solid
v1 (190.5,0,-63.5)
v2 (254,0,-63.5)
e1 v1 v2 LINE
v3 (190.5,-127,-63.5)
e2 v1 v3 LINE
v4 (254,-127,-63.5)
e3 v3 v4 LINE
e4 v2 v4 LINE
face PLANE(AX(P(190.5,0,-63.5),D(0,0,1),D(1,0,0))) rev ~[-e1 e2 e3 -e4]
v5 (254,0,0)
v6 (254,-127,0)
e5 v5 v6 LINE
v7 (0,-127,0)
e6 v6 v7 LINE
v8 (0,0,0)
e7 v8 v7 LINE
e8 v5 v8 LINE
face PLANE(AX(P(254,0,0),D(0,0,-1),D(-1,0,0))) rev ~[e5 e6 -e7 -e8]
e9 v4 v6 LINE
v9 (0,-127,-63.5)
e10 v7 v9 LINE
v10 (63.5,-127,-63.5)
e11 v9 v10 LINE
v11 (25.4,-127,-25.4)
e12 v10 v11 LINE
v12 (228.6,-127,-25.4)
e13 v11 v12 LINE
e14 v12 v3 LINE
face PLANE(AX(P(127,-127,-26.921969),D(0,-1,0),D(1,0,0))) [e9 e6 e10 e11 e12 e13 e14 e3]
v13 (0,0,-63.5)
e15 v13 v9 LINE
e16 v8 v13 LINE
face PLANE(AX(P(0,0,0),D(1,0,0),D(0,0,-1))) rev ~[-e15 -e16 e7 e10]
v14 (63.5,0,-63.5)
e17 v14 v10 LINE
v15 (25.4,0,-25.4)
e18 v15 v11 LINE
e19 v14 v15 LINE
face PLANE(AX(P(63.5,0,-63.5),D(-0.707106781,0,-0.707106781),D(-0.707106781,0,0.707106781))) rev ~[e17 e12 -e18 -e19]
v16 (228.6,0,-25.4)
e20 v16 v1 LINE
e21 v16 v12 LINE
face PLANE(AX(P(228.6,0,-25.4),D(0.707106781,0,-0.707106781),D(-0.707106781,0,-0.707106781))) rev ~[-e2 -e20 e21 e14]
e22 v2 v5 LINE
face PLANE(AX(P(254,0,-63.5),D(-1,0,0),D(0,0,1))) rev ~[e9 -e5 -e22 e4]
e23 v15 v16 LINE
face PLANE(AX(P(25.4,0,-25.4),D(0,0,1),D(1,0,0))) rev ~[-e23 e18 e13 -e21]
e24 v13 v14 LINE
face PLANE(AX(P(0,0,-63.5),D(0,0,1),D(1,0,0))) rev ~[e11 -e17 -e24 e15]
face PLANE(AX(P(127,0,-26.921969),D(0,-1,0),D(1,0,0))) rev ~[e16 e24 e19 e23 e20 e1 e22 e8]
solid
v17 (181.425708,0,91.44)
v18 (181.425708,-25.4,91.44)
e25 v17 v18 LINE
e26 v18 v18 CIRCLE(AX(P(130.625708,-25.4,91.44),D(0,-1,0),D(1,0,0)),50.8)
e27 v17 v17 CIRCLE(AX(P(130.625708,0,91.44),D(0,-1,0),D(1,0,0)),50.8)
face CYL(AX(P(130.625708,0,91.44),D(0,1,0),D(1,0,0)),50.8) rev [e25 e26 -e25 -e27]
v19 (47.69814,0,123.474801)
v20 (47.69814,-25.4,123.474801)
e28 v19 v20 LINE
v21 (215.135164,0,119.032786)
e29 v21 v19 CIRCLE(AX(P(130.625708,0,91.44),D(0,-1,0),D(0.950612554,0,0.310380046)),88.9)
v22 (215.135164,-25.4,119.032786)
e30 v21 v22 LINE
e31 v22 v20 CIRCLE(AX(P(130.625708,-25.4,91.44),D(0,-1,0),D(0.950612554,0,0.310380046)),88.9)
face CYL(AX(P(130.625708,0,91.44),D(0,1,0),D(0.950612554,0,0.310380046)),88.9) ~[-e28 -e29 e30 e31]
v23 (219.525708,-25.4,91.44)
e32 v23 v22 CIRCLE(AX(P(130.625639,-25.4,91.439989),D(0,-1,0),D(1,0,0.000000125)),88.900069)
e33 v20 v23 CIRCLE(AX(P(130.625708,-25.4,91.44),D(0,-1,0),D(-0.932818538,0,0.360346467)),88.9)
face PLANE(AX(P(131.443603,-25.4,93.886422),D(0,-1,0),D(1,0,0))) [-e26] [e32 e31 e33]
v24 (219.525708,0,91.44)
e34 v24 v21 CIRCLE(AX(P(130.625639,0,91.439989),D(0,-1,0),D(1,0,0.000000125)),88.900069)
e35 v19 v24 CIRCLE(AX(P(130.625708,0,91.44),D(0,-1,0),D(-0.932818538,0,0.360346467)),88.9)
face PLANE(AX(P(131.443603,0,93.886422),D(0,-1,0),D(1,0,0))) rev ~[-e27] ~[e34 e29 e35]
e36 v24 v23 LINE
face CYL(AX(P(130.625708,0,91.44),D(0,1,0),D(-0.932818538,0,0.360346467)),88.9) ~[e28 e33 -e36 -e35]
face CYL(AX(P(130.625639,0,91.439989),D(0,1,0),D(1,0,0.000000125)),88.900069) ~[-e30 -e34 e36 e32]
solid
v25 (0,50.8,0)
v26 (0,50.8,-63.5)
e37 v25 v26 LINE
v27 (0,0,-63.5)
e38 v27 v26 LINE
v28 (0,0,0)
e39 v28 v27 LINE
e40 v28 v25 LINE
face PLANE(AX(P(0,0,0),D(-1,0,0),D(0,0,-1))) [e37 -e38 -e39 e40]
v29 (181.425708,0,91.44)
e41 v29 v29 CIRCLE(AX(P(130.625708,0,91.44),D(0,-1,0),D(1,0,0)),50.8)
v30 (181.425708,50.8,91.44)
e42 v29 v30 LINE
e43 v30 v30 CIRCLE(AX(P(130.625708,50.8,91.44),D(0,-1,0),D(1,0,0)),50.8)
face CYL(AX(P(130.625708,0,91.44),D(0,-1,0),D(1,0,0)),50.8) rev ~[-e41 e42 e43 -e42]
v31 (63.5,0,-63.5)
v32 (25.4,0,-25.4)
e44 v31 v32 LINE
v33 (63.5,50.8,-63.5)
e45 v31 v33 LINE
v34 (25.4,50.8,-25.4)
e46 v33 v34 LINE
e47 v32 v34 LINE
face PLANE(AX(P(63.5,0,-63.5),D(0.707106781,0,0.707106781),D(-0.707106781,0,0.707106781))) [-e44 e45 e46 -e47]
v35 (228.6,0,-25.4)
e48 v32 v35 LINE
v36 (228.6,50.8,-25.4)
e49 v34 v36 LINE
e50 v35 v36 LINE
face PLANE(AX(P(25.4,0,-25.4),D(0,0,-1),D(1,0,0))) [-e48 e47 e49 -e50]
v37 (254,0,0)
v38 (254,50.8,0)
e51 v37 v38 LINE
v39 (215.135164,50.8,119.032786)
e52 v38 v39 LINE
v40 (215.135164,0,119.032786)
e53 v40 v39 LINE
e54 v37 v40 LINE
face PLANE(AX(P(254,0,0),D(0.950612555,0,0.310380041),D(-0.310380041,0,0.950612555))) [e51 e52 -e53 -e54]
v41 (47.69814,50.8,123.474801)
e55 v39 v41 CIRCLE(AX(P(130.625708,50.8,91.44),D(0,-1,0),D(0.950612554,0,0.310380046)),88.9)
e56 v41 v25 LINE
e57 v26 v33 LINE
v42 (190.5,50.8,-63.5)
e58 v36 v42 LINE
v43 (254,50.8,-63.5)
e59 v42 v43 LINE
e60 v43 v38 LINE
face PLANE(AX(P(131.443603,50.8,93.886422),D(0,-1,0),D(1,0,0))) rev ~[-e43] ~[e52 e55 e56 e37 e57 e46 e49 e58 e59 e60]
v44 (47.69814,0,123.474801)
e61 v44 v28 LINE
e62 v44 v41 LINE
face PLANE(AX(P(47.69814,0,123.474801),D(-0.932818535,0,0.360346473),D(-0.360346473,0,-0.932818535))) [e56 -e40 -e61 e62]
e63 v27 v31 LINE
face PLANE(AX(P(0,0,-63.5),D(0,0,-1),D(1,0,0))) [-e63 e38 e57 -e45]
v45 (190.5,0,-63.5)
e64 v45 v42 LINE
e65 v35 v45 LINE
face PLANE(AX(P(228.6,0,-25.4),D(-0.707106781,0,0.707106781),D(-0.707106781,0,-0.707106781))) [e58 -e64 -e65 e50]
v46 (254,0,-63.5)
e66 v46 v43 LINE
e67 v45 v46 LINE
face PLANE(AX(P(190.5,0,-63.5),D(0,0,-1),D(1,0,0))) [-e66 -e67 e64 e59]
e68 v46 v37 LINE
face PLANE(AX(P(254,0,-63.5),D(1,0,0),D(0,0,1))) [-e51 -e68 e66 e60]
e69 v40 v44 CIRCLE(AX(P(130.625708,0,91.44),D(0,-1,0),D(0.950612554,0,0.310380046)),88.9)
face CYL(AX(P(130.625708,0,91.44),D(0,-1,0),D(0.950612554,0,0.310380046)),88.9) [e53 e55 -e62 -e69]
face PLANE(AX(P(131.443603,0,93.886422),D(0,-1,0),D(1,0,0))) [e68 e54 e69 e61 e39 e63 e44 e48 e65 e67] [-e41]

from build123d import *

# Parameters (mm, degrees)
F1_DEPTH = 127
F0_R     = 50.8
F2_DEPTH = 25.4
F3_DEPTH = 50.8


with BuildPart() as f1:
    # F0 (on Front) → F1 (new body)
    with BuildSketch(Plane.XZ):
        Polygon((254, 0), (0, 0), (0, -63.5), (63.5, -63.5), (25.4, -25.4), (63.5, -25.4), (190.5, -25.4), (228.6, -25.4), (190.5, -63.5), (254, -63.5), align=None)
    extrude(amount=F1_DEPTH)


with BuildPart() as f2:
    # F0 (on Front) → F2 (new body)
    with BuildSketch(Plane.XZ):
        with BuildLine():
            ThreePointArc((215.135164, 119.032786), (132.983348, 180.308732), (47.69814, 123.474801))
            ThreePointArc((47.69814, 123.474801), (114.332316, 4.045862), (219.525708, 91.44))
            ThreePointArc((219.525708, 91.44), (218.42121, 105.409956), (215.135164, 119.032786))
        make_face()
        with Locations((130.625708, 91.44)):
            Circle(F0_R, mode=Mode.SUBTRACT)
    extrude(amount=F2_DEPTH)


with BuildPart() as f3:
    # F0 (on Front) → F3 (new body)
    with BuildSketch(Plane.XZ):
        with BuildLine():
            ThreePointArc((215.135164, 119.032786), (132.983348, 180.308732), (47.69814, 123.474801))
            ThreePointArc((47.69814, 123.474801), (114.332316, 4.045862), (219.525708, 91.44))
            ThreePointArc((219.525708, 91.44), (218.42121, 105.409956), (215.135164, 119.032786))
        make_face()
        with Locations((130.625708, 91.44)):
            Circle(F0_R, mode=Mode.SUBTRACT)
        with BuildLine():
            Line((47.69814, 123.474801), (0, 0))
            Line((0, 0), (254, 0))
            Line((254, 0), (215.135164, 119.032786))
            ThreePointArc((215.135164, 119.032786), (218.42121, 105.409956), (219.525708, 91.44))
            ThreePointArc((219.525708, 91.44), (114.332316, 4.045862), (47.69814, 123.474801))
        make_face()
        Polygon((254, 0), (0, 0), (0, -63.5), (63.5, -63.5), (25.4, -25.4), (63.5, -25.4), (190.5, -25.4), (228.6, -25.4), (190.5, -63.5), (254, -63.5), align=None)
    extrude(amount=-F3_DEPTH)


solid = Compound([f1.part, f2.part, f3.part])
